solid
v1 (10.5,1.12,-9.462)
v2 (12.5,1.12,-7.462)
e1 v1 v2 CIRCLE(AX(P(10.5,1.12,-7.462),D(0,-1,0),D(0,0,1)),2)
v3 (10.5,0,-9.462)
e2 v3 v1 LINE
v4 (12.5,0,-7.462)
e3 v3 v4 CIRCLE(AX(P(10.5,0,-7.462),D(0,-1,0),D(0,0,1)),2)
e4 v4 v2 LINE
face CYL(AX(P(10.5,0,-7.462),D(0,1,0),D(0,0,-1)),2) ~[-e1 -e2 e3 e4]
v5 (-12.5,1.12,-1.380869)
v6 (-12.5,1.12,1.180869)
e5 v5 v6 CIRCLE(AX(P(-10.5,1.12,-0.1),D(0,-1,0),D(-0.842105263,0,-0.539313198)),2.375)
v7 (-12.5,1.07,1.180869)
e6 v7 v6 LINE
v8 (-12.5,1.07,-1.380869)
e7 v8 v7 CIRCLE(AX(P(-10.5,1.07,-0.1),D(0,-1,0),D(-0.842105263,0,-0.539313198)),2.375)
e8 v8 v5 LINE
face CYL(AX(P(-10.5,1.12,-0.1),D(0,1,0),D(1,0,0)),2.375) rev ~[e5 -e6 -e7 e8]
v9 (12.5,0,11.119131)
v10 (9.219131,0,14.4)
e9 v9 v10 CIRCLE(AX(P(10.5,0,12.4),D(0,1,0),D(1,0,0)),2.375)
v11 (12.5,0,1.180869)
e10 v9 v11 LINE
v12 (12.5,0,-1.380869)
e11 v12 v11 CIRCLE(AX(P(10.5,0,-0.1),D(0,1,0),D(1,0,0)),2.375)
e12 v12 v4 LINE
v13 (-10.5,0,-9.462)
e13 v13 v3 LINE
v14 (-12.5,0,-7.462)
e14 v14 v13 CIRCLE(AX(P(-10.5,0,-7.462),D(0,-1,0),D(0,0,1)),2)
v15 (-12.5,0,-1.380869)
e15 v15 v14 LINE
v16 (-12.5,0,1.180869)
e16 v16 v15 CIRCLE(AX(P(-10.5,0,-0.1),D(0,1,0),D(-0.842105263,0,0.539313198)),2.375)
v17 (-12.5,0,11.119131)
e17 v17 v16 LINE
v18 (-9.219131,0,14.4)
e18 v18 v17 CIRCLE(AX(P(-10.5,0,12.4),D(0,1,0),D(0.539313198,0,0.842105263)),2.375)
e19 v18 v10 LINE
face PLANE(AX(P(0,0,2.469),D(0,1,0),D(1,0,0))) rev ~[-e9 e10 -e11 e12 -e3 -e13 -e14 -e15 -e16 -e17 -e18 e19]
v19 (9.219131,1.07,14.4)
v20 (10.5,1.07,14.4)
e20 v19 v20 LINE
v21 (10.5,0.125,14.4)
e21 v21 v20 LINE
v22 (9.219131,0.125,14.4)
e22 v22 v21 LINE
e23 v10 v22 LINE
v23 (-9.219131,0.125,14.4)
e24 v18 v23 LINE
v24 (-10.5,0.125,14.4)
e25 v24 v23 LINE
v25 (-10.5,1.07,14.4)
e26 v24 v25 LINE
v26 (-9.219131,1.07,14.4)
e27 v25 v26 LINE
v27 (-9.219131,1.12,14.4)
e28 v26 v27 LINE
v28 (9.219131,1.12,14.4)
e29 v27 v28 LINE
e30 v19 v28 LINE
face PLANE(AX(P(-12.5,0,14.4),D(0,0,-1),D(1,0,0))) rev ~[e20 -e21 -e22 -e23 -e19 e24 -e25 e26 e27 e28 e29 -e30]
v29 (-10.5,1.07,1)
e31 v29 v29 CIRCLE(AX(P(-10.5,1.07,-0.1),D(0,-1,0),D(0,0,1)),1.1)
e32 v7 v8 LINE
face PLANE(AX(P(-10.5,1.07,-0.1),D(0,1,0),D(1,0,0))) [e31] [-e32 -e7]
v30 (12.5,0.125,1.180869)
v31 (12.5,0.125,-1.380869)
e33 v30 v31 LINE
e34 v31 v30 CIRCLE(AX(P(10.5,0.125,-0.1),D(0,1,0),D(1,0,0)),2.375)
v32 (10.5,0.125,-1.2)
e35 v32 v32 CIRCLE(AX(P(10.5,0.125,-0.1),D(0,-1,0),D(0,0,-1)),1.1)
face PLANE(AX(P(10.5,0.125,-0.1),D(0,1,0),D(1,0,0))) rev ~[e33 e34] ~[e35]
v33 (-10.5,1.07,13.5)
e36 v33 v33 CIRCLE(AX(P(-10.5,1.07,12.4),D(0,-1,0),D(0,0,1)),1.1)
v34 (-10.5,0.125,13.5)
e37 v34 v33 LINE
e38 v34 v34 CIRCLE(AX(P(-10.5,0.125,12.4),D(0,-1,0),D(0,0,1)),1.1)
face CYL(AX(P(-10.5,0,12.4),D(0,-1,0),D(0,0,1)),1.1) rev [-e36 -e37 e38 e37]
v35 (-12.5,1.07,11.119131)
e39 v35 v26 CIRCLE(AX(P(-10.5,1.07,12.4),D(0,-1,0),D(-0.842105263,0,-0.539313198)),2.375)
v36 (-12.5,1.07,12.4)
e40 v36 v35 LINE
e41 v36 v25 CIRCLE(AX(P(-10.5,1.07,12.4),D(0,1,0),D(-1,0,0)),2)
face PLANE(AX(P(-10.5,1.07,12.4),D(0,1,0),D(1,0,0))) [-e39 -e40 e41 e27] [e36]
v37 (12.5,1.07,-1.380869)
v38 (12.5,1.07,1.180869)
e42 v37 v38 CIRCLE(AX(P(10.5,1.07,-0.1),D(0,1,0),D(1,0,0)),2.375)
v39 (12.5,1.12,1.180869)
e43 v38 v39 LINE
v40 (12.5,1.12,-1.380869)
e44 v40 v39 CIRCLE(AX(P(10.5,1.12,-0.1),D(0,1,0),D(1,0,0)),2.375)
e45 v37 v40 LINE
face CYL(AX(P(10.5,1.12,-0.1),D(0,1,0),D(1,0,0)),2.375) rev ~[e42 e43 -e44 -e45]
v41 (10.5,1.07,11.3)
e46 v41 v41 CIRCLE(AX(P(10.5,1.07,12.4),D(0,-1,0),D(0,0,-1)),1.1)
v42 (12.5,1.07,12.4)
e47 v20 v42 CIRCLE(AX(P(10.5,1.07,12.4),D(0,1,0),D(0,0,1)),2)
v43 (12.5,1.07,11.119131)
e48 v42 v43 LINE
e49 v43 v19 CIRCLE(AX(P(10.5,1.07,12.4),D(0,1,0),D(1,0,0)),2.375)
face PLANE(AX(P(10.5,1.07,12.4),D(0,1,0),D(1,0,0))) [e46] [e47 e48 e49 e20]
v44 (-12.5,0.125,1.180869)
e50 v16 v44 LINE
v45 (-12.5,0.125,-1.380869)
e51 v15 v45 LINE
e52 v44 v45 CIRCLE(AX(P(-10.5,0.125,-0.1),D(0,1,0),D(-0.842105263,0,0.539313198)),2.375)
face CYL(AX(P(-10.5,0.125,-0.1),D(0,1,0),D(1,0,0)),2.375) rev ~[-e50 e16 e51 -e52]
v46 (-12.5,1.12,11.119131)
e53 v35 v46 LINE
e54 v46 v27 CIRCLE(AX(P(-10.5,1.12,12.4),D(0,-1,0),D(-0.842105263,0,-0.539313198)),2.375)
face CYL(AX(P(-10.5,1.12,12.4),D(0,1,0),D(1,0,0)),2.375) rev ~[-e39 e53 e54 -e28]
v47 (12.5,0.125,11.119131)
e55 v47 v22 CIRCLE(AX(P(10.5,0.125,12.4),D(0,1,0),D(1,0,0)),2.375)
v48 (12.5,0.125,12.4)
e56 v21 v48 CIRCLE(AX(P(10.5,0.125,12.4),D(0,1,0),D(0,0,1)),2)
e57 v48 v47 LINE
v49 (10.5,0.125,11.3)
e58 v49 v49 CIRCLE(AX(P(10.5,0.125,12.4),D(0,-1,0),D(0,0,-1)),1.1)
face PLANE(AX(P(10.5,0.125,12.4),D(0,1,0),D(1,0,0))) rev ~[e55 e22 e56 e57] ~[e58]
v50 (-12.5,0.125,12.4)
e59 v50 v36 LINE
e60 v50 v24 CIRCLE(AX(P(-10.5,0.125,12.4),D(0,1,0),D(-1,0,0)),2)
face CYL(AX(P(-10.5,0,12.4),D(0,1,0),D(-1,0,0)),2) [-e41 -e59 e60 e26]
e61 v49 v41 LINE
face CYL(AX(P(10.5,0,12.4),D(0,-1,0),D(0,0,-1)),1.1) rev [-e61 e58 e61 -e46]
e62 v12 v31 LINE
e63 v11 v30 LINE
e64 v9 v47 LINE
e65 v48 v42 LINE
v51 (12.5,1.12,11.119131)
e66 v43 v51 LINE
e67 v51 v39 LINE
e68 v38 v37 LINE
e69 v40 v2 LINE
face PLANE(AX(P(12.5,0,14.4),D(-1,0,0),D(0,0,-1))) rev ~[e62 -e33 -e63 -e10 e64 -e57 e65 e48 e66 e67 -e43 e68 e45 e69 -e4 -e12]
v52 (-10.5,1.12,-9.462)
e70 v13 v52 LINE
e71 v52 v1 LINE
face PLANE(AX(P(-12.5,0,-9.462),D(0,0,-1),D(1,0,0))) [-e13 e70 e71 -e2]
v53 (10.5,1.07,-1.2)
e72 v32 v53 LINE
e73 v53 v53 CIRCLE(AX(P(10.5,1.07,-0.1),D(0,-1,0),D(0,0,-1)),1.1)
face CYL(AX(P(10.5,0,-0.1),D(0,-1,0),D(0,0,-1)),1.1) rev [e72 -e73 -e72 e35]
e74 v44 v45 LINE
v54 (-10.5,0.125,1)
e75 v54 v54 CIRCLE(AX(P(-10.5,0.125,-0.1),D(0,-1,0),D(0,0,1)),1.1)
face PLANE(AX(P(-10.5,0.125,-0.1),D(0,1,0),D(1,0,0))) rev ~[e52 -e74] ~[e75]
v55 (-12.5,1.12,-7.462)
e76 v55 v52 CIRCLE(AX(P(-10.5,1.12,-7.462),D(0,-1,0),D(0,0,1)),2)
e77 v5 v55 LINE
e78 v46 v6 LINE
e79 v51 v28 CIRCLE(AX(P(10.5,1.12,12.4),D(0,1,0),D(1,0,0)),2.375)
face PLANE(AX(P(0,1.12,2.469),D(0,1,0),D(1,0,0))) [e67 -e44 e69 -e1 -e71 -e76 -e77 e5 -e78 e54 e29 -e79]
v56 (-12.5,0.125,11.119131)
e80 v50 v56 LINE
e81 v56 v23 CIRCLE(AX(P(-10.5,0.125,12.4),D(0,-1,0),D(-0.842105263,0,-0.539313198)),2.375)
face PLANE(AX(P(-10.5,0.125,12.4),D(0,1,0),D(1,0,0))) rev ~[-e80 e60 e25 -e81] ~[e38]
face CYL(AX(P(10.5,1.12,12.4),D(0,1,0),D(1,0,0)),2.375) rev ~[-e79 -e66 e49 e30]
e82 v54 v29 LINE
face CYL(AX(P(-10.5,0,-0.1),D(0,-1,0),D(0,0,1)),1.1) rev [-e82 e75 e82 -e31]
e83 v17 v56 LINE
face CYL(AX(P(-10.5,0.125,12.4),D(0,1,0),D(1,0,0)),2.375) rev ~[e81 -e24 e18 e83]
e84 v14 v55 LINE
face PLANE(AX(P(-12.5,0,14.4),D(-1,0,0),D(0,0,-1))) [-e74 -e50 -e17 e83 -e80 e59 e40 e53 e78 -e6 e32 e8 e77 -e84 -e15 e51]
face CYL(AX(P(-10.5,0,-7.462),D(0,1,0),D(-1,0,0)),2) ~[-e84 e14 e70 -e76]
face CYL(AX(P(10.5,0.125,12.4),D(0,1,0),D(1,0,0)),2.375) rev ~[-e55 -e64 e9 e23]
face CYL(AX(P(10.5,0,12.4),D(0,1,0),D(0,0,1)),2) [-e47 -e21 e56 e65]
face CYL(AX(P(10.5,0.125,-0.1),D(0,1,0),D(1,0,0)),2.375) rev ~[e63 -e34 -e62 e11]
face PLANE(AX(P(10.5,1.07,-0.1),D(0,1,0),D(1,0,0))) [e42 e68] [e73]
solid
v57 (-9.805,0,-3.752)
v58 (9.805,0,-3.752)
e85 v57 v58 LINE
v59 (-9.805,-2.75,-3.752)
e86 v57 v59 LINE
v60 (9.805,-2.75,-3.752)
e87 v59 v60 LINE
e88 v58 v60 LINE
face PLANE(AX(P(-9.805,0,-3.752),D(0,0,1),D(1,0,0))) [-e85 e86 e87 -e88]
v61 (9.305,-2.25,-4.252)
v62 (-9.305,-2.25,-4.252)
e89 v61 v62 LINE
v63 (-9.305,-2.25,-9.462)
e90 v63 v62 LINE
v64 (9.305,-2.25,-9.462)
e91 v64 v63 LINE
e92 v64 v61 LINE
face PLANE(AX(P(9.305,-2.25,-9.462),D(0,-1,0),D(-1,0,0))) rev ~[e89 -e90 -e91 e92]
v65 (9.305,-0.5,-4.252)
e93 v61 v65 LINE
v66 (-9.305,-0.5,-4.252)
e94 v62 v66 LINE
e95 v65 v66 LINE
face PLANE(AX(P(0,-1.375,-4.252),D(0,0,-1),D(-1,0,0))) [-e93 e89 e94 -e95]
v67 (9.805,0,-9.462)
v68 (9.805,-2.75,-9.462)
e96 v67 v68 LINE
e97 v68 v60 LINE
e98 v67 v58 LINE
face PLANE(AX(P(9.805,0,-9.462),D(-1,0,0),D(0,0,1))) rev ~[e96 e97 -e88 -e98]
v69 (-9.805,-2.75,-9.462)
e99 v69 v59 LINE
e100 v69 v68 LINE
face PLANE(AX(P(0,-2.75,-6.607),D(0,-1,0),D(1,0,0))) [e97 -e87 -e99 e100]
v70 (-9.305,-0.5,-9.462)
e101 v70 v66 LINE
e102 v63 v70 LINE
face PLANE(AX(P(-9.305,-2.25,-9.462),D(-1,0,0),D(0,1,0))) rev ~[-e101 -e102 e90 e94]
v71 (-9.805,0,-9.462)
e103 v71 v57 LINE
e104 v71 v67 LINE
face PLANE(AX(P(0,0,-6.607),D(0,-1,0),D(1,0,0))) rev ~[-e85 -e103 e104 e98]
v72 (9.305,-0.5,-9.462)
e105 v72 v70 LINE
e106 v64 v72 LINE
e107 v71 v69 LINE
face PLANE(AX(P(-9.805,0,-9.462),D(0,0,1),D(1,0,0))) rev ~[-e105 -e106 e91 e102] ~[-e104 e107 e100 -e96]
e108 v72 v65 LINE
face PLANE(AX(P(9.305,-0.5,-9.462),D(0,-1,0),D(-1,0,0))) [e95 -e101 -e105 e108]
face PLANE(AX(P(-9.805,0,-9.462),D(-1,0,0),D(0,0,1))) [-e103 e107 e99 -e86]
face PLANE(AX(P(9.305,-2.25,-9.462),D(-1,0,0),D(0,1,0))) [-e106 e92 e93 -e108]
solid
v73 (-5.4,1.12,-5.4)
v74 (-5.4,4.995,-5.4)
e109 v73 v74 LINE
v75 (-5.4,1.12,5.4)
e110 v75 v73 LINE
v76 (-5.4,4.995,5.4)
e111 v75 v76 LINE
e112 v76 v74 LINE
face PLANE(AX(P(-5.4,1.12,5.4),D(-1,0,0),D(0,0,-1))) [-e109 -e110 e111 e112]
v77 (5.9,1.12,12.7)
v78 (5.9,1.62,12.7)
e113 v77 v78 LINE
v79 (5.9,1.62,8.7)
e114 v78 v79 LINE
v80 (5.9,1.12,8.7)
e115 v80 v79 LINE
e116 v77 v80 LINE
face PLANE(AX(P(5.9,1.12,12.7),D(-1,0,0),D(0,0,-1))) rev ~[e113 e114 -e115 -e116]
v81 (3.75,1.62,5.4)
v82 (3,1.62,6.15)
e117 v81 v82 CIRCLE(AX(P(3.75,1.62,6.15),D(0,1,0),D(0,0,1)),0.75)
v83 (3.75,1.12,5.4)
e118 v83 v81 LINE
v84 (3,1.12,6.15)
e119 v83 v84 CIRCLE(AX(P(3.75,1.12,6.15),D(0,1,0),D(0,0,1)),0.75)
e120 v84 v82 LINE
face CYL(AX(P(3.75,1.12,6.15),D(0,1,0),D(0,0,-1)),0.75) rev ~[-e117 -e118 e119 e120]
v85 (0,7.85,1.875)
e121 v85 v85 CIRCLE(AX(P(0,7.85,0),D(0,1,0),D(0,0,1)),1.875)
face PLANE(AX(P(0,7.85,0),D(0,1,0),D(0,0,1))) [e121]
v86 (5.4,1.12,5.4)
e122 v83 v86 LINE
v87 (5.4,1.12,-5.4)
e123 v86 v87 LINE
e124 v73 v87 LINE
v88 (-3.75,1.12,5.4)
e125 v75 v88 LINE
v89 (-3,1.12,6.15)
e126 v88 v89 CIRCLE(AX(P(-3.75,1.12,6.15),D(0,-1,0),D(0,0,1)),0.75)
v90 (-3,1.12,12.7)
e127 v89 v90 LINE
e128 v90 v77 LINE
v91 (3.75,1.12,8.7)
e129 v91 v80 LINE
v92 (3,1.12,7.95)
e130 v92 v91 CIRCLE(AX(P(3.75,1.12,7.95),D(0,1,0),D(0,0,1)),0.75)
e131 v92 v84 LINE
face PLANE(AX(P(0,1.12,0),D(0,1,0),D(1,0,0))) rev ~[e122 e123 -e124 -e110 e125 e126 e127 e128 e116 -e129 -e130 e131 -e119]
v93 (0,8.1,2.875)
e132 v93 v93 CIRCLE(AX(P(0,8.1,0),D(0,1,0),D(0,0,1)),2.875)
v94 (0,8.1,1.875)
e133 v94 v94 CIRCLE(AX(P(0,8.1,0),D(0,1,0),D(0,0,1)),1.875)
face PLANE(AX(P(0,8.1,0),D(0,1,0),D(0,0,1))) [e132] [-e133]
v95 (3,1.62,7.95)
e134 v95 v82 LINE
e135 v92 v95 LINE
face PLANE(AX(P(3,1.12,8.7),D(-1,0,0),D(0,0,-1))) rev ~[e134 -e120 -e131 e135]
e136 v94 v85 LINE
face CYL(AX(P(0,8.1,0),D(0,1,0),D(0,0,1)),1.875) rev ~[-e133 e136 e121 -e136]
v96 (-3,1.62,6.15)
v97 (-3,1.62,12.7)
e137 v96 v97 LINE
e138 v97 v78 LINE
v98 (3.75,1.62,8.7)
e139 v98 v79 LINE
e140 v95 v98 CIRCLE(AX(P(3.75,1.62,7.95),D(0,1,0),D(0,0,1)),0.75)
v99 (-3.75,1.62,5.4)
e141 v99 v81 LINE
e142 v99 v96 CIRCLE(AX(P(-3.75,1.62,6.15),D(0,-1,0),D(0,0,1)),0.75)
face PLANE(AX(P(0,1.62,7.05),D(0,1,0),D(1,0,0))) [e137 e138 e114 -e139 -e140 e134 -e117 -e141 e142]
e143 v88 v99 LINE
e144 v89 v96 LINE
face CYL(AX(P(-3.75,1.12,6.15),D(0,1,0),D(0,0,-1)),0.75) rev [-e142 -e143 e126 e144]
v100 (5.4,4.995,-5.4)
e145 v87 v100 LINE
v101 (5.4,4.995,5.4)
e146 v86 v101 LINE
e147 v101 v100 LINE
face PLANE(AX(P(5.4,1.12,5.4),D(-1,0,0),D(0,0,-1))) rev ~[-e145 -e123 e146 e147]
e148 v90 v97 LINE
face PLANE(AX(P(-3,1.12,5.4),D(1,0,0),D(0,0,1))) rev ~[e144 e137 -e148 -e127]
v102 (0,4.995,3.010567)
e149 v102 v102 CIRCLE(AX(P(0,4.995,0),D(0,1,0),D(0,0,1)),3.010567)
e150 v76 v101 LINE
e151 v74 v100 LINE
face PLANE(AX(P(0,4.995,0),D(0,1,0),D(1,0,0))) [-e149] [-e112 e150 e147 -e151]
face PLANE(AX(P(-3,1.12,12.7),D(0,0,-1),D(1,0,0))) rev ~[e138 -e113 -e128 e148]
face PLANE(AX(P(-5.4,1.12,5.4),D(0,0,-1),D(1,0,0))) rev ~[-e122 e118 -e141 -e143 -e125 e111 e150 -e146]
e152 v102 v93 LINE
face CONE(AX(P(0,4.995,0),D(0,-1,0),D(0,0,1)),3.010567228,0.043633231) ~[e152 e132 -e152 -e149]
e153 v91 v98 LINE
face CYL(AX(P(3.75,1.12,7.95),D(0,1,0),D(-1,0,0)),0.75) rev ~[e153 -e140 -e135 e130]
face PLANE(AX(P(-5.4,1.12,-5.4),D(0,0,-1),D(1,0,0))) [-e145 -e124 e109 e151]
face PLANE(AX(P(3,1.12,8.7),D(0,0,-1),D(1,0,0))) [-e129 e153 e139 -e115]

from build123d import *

# Parameters (mm, degrees)
SKETCH1_W           = 25
SKETCH1_H           = 23.862
SKETCH1_R           = 1.1
BOSS_EXTRUDE1_DEPTH = 1.12
FILLET1_R           = 2
SKETCH2_R           = 2.375
CUT_EXTRUDE1_DEPTH  = 0.05
CUT_EXTRUDE2_START  = -0.995
SKETCH2_3_R         = 2.375
CUT_EXTRUDE2_DEPTH  = 0.125
SKETCH3_W           = 10.8
SKETCH3_H           = 10.8
BOSS_EXTRUDE2_DEPTH = 3.875
BOSS_EXTRUDE3_START = 3.875
SKETCH3_3_R         = 2.875
BOSS_EXTRUDE3_DEPTH = 3.105
SKETCH5_R           = 1.875
CUT_EXTRUDE3_DEPTH  = 0.25
DRAFT1_ANGLE        = 2.5
SKETCH6_W           = 6
SKETCH6_H           = 3.3
SKETCH6_H_2         = 4
SKETCH6_W_2         = 2.9
BOSS_EXTRUDE4_DEPTH = 0.5
FILLET2_R           = 0.75
SKETCH7_W           = 19.61
SKETCH7_H           = 5.71
BOSS_EXTRUDE5_DEPTH = 2.75
SKETCH8_W           = 18.61
SKETCH8_H           = 1.75
CUT_EXTRUDE4_DEPTH  = 5.21


with BuildPart() as part:
    # Sketch1 → Boss-Extrude1 (new body)
    with BuildSketch(Plane(origin=(0, 0, 0), x_dir=(1, 0, 0), z_dir=(0, 1, 0))):
        with Locations((0, -2.469)):
            Rectangle(SKETCH1_W, SKETCH1_H)
        with Locations(Location((-10.5, -12.4, 0), (0, 0, 270))):
            Circle(SKETCH1_R, mode=Mode.SUBTRACT)
        with Locations(Location((-10.5, 0.1, 0), (0, 0, 270))):
            Circle(SKETCH1_R, mode=Mode.SUBTRACT)
        with Locations(Location((10.5, -12.4, 0), (0, 0, 90))):
            Circle(SKETCH1_R, mode=Mode.SUBTRACT)
        with Locations(Location((10.5, 0.1, 0), (0, 0, 90))):
            Circle(SKETCH1_R, mode=Mode.SUBTRACT)
    extrude(amount=BOSS_EXTRUDE1_DEPTH)

    # Fillet1
    fillet1_edges = [part.edges().sort_by_distance(p)[0] for p in [
        (12.5, 0.56, 14.4),
        (-12.5, 0.56, 14.4),
        (-12.5, 0.56, -9.462),
        (12.5, 0.56, -9.462),
    ]]
    fillet(fillet1_edges, radius=FILLET1_R)

    # Sketch2 → Cut-Extrude1 (cut)
    with BuildSketch(Plane(origin=(0, 1.12, 0), x_dir=(1, 0, 0), z_dir=(0, 1, 0))):
        with Locations((-10.5, -12.4)):
            Circle(SKETCH2_R)
        with Locations((-10.5, 0.1)):
            Circle(SKETCH2_R)
        with Locations((10.5, -12.4)):
            Circle(SKETCH2_R)
        with Locations((10.5, 0.1)):
            Circle(SKETCH2_R)
    extrude(amount=-CUT_EXTRUDE1_DEPTH, mode=Mode.SUBTRACT)

    # Sketch2<3> → Cut-Extrude2 (cut)
    with BuildSketch(Plane(origin=(0, 1.12, 0), x_dir=(1, 0, 0), z_dir=(0, 1, 0)).offset(CUT_EXTRUDE2_START)):
        with Locations((-10.5, -12.4)):
            Circle(SKETCH2_3_R)
        with Locations((-10.5, 0.1)):
            Circle(SKETCH2_3_R)
        with Locations((10.5, -12.4)):
            Circle(SKETCH2_3_R)
        with Locations((10.5, 0.1)):
            Circle(SKETCH2_3_R)
    extrude(amount=-CUT_EXTRUDE2_DEPTH, mode=Mode.SUBTRACT)


with BuildPart() as body_2:
    # Sketch3 → Boss-Extrude2 (new body)
    with BuildSketch(Plane(origin=(0, 1.12, 0), x_dir=(1, 0, 0), z_dir=(0, 1, 0))):
        Rectangle(SKETCH3_W, SKETCH3_H)
    extrude(amount=BOSS_EXTRUDE2_DEPTH)

    # Sketch3<3> → Boss-Extrude3 (add)
    with BuildSketch(Plane(origin=(0, 1.12, 0), x_dir=(1, 0, 0), z_dir=(0, 1, 0)).offset(BOSS_EXTRUDE3_START)):
        with Locations(Location((0, 0, 0), (0, 0, 270))):
            Circle(SKETCH3_3_R)
    extrude(amount=BOSS_EXTRUDE3_DEPTH)

    # Sketch5 → Cut-Extrude3 (cut)
    with BuildSketch(Plane(origin=(0, 8.1, 0), x_dir=(1, 0, 0), z_dir=(0, 1, 0))):
        with Locations(Location((0, 0, 0), (0, 0, 270))):
            Circle(SKETCH5_R)
    extrude(amount=-CUT_EXTRUDE3_DEPTH, mode=Mode.SUBTRACT)

    # Draft1
    draft1_faces = [body_2.faces().sort_by_distance(p)[0] for p in [
        (0, 6.5475, -2.875),
    ]]
    draft(draft1_faces, Plane.ZX.offset(8.1), DRAFT1_ANGLE)

    # Sketch6 → Boss-Extrude4 (add)
    with BuildSketch(Plane(origin=(0, 1.12, 0), x_dir=(1, 0, 0), z_dir=(0, 1, 0))):
        with Locations((0, -7.05)):
            Rectangle(SKETCH6_W, SKETCH6_H)
        with Locations((0, -10.7)):
            Rectangle(SKETCH6_W, SKETCH6_H_2)
        with Locations((4.45, -10.7)):
            Rectangle(SKETCH6_W_2, SKETCH6_H_2)
    extrude(amount=BOSS_EXTRUDE4_DEPTH)

    # Fillet2
    fillet2_edges = [body_2.edges().sort_by_distance(p)[0] for p in [
        (-3, 1.37, 5.4),
        (3, 1.37, 8.7),
        (3, 1.37, 5.4),
    ]]
    fillet(fillet2_edges, radius=FILLET2_R)


with BuildPart() as body_3:
    # Sketch7 → Boss-Extrude5 (new body)
    with BuildSketch(Plane.XZ):
        with Locations((0, -6.607)):
            Rectangle(SKETCH7_W, SKETCH7_H)
    extrude(amount=BOSS_EXTRUDE5_DEPTH)

    # Sketch8 → Cut-Extrude4 (cut)
    with BuildSketch(Plane(origin=(0, 0, -9.462), x_dir=(-1, 0, 0), z_dir=(0, 0, -1))):
        with Locations((0, -1.375)):
            Rectangle(SKETCH8_W, SKETCH8_H)
    extrude(amount=-CUT_EXTRUDE4_DEPTH, mode=Mode.SUBTRACT)


solid = Compound([part.part, body_2.part, body_3.part])
